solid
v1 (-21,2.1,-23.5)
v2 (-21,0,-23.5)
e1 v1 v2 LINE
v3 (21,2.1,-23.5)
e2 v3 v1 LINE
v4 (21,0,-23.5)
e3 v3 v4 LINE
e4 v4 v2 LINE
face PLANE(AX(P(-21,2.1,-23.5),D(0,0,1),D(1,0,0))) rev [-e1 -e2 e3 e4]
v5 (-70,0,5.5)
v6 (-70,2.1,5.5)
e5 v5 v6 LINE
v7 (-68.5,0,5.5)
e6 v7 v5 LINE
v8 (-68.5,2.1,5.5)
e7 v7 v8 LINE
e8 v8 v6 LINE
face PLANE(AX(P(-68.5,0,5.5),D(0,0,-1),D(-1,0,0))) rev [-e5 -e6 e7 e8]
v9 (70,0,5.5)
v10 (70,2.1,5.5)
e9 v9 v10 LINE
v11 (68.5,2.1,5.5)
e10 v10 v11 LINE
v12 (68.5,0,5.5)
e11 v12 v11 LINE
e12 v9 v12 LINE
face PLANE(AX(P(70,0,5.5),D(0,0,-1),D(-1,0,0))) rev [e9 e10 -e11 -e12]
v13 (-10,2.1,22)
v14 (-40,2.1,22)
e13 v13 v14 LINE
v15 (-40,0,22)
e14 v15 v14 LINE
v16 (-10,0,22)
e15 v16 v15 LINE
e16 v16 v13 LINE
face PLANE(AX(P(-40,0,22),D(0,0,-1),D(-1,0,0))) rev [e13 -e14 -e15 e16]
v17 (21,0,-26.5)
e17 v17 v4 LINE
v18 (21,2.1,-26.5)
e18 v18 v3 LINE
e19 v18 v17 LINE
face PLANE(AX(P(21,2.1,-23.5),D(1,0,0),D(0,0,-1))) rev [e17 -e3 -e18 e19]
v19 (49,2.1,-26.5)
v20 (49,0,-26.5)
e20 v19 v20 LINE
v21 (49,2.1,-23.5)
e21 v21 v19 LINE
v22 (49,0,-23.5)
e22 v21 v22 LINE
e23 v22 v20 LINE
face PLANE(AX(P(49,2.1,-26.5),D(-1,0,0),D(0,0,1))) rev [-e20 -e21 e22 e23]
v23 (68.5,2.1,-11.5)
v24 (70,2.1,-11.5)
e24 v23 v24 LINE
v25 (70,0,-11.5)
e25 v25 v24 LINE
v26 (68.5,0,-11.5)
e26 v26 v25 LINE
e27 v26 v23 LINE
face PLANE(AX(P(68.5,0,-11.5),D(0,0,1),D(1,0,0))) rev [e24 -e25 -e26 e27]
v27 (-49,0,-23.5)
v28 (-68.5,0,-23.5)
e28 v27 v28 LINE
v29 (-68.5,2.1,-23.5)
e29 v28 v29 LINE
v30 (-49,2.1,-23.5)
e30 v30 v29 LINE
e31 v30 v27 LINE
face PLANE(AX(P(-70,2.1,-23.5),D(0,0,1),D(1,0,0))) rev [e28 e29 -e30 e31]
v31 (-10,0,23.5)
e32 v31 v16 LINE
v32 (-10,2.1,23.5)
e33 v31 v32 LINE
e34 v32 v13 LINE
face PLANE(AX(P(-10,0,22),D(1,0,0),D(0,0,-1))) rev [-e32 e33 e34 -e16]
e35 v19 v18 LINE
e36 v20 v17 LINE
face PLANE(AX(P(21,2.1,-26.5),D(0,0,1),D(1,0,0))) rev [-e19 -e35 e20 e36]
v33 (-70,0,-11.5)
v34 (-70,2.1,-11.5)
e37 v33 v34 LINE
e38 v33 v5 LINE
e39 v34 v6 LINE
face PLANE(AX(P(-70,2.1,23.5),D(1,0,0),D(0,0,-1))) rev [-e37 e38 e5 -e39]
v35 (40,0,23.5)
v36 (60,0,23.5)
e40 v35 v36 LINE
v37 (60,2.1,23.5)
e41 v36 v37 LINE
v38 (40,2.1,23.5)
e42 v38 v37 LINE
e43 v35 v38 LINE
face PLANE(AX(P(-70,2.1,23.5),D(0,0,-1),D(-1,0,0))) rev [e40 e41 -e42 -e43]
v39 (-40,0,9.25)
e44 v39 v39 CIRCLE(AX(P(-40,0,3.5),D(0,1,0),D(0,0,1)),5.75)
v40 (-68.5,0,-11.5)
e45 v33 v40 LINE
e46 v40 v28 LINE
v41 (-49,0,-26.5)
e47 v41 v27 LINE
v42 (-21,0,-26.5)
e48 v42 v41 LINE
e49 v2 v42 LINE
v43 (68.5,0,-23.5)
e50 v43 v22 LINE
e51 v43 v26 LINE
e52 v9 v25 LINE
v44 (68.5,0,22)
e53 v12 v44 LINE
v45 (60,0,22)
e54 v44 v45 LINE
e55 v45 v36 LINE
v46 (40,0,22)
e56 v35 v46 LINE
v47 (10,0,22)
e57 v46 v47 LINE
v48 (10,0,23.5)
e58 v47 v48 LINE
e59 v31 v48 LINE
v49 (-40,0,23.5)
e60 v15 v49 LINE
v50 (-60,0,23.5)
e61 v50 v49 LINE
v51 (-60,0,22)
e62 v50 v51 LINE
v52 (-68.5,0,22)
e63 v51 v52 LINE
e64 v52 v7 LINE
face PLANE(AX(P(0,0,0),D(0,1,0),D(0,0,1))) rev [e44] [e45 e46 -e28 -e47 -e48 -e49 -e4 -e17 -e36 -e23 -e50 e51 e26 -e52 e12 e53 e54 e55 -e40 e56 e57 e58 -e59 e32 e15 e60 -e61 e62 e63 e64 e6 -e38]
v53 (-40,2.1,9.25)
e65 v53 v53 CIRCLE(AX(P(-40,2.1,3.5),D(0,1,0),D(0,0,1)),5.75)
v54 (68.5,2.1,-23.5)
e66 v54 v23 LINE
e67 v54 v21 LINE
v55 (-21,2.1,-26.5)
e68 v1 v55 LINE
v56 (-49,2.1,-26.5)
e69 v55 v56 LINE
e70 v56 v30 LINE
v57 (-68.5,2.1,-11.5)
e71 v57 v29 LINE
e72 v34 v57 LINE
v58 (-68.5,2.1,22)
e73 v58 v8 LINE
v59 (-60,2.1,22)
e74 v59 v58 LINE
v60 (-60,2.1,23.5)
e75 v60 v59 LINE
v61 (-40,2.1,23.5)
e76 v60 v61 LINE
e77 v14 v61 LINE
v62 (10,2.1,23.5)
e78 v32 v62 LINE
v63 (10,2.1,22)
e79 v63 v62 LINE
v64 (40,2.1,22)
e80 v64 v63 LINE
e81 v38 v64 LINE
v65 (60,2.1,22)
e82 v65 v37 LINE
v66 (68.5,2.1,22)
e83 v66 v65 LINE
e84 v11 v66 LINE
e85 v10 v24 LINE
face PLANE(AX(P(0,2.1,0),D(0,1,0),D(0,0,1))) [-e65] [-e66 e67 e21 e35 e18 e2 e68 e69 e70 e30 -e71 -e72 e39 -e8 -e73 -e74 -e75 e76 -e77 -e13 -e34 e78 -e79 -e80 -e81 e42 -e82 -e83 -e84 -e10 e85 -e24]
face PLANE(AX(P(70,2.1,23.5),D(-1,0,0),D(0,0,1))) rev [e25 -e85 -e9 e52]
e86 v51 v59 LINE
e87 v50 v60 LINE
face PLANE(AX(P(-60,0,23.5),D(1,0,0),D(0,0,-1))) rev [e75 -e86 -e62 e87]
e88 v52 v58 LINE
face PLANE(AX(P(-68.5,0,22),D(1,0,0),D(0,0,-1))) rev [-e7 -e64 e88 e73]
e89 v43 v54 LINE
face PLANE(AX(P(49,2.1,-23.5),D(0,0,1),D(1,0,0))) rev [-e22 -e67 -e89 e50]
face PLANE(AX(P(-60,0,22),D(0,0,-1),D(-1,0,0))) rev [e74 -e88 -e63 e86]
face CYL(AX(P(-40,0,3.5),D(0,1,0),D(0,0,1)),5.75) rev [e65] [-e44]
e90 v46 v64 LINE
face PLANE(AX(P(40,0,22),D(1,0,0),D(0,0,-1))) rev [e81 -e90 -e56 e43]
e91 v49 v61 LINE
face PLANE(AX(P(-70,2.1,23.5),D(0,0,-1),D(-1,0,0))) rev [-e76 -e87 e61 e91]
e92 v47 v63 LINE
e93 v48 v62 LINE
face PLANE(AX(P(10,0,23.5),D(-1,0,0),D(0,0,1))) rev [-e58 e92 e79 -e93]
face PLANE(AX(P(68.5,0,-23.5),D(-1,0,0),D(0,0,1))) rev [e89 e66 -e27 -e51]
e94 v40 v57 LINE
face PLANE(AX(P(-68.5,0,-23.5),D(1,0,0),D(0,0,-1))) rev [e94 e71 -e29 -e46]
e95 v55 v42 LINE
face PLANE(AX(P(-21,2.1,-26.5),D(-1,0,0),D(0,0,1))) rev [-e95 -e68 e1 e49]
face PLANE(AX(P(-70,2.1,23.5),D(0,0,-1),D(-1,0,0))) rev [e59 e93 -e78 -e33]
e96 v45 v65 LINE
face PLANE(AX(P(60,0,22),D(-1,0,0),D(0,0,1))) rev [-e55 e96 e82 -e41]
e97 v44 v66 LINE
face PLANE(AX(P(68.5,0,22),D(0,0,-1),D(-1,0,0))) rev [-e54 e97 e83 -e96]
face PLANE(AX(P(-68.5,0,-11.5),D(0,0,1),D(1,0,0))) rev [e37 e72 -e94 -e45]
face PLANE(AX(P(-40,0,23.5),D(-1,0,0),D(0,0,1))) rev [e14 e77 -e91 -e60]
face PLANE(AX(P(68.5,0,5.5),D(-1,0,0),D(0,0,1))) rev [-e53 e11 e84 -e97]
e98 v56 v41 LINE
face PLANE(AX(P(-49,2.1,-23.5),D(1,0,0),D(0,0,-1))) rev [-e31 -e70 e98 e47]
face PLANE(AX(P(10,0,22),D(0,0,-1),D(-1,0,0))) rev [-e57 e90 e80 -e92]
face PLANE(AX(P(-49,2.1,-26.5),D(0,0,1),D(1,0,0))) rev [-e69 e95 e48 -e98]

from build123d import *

# Parameters (mm, degrees)
BOSS_EXTRUDE1_DEPTH = 2.1
SKETCH3_R           = 5.75
CUT_EXTRUDE1_DEPTH  = 75.87763351
SKETCH4_W           = 1.5
SKETCH4_H           = 12
SKETCH4_W_2         = 30
SKETCH4_H_2         = 1.5
CUT_EXTRUDE2_DEPTH  = 75.87763351


with BuildPart() as part:
    # Sketch1 → Boss-Extrude1 (new body)
    with BuildSketch(Plane(origin=(0, 0, 0), x_dir=(1, 0, 0), z_dir=(0, 1, 0))):
        Polygon((-70, 23.5), (-49, 23.5), (-49, 26.5), (-21, 26.5), (-21, 23.5), (21, 23.5), (21, 26.5), (49, 26.5), (49, 23.5), (70, 23.5), (70, -23.5), (-70, -23.5), align=None)
    extrude(amount=BOSS_EXTRUDE1_DEPTH)

    # Sketch3 → Cut-Extrude1 (cut, through all)
    with BuildSketch(Plane(origin=(0, 2.1, 0), x_dir=(1, 0, 0), z_dir=(0, 1, 0))):
        with Locations(Location((-40, -3.5, 0), (0, 0, 270))):
            Circle(SKETCH3_R)
    extrude(amount=-CUT_EXTRUDE1_DEPTH, mode=Mode.SUBTRACT)

    # Sketch4 → Cut-Extrude2 (cut, through all)
    with BuildSketch(Plane(origin=(0, 2.1, 0), x_dir=(1, 0, 0), z_dir=(0, 1, 0))):
        with Locations((-69.25, 17.5)):
            Rectangle(SKETCH4_W, SKETCH4_H)
        Polygon((-70, -5.5), (-70, -23.5), (-60, -23.5), (-60, -22), (-68.5, -22), (-68.5, -5.5), align=None)
        with Locations((-25, -22.75)):
            Rectangle(SKETCH4_W_2, SKETCH4_H_2)
        with Locations((25, -22.75)):
            Rectangle(SKETCH4_W_2, SKETCH4_H_2)
        Polygon((60, -23.5), (70, -23.5), (70, -5.5), (68.5, -5.5), (68.5, -22), (60, -22), align=None)
        with Locations((69.25, 17.5)):
            Rectangle(SKETCH4_W, SKETCH4_H)
    extrude(amount=-CUT_EXTRUDE2_DEPTH, mode=Mode.SUBTRACT)


solid = part.part
